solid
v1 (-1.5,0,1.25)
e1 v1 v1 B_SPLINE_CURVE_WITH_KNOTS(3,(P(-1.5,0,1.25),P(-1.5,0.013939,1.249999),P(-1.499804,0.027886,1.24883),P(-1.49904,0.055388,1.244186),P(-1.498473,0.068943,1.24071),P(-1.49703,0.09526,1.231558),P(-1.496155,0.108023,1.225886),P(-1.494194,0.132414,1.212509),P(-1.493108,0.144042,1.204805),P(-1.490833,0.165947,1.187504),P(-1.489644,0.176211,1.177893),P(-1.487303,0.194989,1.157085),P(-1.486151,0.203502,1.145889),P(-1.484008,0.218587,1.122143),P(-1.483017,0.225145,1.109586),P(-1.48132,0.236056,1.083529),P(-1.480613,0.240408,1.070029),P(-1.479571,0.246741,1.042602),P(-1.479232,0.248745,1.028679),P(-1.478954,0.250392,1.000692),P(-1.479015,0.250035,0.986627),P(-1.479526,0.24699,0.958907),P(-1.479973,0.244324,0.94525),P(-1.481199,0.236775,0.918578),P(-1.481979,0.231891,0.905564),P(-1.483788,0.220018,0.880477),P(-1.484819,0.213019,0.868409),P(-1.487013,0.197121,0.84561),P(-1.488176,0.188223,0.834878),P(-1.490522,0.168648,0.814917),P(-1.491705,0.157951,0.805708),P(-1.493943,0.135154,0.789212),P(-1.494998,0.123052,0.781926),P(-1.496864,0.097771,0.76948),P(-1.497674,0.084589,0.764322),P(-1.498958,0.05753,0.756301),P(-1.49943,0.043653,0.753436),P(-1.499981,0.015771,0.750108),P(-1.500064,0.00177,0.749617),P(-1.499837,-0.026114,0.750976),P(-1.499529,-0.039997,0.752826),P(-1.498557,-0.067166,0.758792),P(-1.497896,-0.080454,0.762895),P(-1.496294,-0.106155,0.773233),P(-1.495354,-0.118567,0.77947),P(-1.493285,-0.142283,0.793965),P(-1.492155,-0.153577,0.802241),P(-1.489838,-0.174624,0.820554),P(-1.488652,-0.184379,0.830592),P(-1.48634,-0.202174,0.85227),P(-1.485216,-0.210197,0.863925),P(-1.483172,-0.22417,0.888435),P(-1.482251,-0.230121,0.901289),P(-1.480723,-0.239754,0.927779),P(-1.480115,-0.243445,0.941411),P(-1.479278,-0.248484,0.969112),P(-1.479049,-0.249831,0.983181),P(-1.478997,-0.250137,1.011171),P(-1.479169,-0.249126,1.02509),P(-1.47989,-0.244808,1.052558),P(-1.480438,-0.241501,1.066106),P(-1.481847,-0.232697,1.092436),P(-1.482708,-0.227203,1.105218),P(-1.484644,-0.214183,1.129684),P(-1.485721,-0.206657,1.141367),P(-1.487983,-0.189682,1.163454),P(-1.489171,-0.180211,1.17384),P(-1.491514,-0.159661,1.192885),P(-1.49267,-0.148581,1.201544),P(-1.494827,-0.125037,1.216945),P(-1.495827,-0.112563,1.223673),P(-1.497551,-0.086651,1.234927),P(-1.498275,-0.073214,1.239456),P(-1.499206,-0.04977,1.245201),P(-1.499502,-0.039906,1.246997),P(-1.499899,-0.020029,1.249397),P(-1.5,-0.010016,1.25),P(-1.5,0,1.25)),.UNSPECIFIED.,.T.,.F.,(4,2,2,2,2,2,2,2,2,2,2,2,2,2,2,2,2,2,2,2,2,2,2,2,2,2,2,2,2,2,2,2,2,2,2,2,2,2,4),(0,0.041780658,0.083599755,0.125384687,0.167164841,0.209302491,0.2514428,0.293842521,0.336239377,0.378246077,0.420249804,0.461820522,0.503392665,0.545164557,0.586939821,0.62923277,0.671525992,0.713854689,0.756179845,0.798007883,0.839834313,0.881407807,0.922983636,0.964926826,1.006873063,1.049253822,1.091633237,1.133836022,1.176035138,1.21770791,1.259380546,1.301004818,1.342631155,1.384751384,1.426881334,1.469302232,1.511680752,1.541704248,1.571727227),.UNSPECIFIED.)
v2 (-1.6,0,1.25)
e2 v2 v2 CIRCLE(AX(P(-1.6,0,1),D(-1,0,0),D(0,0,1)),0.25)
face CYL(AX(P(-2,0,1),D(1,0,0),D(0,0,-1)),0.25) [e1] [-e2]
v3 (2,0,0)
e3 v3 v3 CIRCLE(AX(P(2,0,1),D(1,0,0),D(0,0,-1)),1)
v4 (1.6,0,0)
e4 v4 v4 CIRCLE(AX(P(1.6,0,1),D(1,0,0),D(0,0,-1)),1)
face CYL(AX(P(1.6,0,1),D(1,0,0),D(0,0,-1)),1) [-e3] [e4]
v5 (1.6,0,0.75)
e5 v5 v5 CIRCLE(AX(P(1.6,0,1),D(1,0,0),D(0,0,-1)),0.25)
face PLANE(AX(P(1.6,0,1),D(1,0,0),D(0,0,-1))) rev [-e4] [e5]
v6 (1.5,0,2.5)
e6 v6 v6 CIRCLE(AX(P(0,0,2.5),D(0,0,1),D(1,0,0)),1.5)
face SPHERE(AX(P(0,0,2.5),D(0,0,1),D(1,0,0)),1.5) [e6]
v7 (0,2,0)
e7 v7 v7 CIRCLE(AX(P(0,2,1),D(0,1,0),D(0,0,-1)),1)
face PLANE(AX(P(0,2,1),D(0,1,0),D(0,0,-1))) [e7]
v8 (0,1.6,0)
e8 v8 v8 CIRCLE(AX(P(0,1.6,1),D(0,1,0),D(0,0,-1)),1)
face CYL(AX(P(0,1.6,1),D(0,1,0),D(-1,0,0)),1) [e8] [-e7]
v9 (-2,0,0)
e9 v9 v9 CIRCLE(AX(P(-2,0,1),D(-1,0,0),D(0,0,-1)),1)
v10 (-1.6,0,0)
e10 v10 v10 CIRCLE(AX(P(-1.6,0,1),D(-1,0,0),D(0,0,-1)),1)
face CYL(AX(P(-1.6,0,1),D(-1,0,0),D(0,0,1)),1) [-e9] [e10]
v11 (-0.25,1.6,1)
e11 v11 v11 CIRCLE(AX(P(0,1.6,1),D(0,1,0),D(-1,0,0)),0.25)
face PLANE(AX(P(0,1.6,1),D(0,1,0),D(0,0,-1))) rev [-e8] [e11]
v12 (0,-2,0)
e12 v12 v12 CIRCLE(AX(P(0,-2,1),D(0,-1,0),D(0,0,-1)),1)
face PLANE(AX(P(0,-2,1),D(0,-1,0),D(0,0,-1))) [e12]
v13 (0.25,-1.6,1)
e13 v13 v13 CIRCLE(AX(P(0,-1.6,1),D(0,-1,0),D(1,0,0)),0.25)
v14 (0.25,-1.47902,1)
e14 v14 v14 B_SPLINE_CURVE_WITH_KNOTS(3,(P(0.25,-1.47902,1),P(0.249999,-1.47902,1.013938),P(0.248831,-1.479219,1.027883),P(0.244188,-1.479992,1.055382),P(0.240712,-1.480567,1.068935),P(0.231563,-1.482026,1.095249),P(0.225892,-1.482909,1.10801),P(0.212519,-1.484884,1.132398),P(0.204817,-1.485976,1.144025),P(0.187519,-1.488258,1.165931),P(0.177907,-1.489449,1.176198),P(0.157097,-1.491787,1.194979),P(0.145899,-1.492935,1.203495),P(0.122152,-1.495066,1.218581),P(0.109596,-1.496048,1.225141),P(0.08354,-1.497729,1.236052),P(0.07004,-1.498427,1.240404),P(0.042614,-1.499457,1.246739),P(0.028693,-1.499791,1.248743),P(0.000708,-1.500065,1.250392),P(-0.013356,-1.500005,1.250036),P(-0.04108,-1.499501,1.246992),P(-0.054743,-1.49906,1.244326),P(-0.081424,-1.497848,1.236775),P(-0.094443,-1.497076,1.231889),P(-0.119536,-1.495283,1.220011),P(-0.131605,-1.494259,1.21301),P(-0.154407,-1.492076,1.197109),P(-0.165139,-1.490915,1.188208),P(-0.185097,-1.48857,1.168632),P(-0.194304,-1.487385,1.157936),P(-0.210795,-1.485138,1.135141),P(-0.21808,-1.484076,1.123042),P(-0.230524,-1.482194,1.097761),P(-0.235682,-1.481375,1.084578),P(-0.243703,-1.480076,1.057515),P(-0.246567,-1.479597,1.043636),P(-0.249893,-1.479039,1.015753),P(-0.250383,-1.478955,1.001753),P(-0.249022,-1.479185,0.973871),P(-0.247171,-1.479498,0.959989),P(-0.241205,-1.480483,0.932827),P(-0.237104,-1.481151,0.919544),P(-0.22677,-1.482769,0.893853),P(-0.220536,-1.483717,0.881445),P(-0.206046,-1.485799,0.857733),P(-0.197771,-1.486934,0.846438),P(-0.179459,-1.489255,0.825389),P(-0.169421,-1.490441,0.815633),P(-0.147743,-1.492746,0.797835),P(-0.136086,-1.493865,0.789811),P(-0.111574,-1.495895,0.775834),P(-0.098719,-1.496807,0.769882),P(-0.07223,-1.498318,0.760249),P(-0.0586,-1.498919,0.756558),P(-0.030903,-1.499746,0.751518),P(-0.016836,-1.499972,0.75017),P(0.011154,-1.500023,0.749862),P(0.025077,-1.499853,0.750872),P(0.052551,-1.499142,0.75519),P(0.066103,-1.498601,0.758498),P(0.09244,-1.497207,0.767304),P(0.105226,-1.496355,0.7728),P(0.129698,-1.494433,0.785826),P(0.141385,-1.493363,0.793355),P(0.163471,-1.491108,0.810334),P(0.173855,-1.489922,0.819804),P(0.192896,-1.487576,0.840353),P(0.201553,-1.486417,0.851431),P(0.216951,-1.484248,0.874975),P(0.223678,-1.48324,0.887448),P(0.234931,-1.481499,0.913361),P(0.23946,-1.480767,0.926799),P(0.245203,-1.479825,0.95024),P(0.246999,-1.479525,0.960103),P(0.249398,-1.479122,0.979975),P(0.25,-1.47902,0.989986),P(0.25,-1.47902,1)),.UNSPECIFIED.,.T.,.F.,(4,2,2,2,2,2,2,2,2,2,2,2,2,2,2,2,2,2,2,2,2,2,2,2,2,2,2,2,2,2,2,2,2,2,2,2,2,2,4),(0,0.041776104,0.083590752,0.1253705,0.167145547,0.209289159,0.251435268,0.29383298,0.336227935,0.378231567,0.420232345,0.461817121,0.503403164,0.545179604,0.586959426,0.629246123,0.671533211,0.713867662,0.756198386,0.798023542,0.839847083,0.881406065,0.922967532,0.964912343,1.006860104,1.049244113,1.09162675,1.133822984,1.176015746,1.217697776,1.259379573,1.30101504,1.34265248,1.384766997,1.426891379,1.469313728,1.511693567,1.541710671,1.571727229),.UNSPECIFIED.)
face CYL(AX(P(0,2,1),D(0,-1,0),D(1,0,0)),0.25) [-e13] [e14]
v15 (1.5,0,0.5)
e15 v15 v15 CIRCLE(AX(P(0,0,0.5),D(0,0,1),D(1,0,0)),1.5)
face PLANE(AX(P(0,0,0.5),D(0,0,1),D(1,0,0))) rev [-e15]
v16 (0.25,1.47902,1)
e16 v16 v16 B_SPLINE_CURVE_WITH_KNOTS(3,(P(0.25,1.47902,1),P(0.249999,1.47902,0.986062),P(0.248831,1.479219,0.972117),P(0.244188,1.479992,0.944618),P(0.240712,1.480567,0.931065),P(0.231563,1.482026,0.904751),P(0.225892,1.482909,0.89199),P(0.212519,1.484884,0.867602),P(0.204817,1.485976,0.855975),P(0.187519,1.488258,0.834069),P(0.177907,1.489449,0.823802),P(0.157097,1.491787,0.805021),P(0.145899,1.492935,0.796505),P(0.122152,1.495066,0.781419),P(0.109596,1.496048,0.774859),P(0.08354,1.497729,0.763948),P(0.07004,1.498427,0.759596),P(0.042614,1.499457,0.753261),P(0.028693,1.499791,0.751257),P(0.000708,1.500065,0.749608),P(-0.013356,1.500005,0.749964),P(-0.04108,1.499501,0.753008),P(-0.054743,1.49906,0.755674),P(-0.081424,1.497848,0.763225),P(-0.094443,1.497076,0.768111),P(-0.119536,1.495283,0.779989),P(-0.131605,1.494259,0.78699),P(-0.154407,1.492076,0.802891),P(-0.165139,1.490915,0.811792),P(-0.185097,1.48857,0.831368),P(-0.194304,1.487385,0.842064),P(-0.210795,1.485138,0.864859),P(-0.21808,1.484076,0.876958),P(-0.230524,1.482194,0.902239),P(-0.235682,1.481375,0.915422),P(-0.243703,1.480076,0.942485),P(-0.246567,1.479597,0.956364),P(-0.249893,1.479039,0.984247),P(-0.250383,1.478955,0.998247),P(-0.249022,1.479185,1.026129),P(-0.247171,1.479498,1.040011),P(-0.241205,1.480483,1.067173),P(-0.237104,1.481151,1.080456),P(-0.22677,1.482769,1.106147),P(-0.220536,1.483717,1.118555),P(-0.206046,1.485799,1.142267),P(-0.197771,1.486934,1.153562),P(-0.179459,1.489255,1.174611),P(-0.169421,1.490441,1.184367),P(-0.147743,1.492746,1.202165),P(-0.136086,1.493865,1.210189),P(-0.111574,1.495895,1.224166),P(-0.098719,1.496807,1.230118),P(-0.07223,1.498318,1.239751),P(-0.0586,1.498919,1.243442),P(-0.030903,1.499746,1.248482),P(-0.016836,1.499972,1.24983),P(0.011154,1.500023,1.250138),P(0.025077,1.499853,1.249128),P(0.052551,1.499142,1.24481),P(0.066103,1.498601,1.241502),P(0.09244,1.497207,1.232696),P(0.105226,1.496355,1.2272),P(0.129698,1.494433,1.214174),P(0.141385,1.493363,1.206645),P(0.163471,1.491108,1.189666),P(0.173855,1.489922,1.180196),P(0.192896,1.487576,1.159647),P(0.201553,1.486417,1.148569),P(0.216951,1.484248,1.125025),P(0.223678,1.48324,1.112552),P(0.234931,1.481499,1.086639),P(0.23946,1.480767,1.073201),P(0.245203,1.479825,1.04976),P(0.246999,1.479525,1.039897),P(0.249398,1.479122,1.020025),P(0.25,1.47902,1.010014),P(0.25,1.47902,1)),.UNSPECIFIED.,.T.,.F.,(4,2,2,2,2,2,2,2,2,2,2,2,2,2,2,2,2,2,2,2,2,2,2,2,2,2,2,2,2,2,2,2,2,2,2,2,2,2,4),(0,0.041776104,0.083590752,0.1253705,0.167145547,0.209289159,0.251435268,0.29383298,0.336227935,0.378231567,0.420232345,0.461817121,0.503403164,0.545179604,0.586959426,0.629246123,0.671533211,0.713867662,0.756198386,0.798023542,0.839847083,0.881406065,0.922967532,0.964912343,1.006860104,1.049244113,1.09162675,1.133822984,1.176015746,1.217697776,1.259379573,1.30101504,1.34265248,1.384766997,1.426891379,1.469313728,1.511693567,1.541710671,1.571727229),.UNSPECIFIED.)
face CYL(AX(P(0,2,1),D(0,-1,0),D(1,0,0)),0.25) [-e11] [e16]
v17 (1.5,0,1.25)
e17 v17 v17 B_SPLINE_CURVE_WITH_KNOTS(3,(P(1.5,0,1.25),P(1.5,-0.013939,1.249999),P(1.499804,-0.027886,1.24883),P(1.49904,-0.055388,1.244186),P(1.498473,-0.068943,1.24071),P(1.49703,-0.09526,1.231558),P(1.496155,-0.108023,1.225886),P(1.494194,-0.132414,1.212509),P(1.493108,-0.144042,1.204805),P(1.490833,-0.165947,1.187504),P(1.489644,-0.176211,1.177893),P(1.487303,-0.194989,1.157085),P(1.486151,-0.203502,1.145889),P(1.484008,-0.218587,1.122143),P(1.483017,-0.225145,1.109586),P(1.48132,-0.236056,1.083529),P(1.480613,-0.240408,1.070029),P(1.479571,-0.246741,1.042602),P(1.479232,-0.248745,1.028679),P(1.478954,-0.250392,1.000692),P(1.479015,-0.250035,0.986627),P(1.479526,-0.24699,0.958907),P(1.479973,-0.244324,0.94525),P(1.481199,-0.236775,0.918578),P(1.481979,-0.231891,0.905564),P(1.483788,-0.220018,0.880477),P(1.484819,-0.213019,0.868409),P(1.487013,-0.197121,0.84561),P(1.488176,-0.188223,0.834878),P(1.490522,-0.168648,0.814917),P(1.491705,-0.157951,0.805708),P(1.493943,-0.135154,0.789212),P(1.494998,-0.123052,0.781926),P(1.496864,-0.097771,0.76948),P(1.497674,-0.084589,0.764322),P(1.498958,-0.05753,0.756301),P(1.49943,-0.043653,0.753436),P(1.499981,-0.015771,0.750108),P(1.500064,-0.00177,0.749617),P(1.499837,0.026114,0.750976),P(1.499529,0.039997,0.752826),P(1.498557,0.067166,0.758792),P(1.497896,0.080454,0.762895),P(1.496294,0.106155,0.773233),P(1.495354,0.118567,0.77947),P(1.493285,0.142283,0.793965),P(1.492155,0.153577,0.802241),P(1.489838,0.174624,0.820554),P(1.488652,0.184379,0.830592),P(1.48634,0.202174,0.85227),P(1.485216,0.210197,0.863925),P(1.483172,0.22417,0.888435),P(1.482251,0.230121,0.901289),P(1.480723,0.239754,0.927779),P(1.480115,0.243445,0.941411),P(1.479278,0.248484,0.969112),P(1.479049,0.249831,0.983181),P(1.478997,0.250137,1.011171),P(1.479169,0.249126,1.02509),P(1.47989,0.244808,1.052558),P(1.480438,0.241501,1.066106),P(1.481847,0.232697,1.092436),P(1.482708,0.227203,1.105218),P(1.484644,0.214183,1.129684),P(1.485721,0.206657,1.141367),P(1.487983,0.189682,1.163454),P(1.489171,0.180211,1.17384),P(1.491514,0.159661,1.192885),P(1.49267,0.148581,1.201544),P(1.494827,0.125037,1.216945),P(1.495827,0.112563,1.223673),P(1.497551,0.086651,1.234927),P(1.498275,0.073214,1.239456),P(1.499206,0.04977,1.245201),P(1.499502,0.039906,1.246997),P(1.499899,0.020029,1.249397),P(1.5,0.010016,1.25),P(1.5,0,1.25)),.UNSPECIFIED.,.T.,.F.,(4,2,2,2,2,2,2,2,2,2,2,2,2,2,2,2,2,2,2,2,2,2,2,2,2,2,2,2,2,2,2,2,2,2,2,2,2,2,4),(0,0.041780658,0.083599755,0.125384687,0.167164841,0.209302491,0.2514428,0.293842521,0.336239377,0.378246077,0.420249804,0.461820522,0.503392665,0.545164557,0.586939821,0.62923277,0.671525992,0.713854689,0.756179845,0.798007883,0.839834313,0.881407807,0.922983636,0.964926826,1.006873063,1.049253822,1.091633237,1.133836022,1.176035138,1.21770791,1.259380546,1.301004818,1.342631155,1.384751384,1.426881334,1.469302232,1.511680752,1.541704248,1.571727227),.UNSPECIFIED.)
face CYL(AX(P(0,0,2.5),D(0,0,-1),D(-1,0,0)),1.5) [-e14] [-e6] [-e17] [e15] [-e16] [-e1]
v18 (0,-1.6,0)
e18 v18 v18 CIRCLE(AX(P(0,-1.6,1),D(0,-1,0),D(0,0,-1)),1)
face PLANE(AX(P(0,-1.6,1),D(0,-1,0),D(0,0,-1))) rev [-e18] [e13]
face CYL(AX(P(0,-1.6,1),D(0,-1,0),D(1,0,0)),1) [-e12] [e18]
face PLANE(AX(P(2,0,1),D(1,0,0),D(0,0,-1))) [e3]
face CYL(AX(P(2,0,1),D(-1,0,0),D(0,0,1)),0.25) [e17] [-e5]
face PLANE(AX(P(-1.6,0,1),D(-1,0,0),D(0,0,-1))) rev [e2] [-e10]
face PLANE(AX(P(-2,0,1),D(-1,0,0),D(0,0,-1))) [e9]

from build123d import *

# Parameters (mm, degrees)
BOSS_EXTRUDE1_START = 0.5
SKETCH1_R           = 1.5
BOSS_EXTRUDE1_DEPTH = 2
REVOLVE1_ANGLE      = 180
SKETCH3_R           = 0.25
BOSS_EXTRUDE2_DEPTH = 2
SKETCH4_R           = 1
BOSS_EXTRUDE3_DEPTH = 0.4
CIRPATTERN2_COUNT   = 4


with BuildPart() as part:
    # Sketch1 → Boss-Extrude1 (new body)
    with BuildSketch(Plane.XY.offset(BOSS_EXTRUDE1_START)):
        Circle(SKETCH1_R)
    extrude(amount=BOSS_EXTRUDE1_DEPTH)

    # Sketch2 → Revolve1 (revolve)
    with BuildSketch(Plane.XY.offset(2.5)):
        with BuildLine():
            Line((1.5, 0), (-1.5, 0))
            ThreePointArc((-1.5, 0), (0, 1.5), (1.5, 0))
        make_face()
    revolve(axis=Axis((1.5, 0, 2.5), (1, 0, 0)), revolution_arc=REVOLVE1_ANGLE)

    # Sketch3 → Boss-Extrude2 (add)
    with BuildSketch(Plane(origin=(0, 0, 0), x_dir=(0, 0, -1), z_dir=(1, 0, 0))):
        with Locations((-1, 0)):
            Circle(SKETCH3_R)
    boss_extrude2 = extrude(amount=BOSS_EXTRUDE2_DEPTH)

    # Sketch4 → Boss-Extrude3 (add)
    with BuildSketch(Plane(origin=(2, 0, 0), x_dir=(0, 0, -1), z_dir=(1, 0, 0))):
        with Locations((-1, 0)):
            Circle(SKETCH4_R)
    boss_extrude3 = extrude(amount=-BOSS_EXTRUDE3_DEPTH)

    # CirPattern2: Boss-Extrude2, Boss-Extrude3 ×4 about axis
    cirpattern2_axis = Axis((0, 0, 0), (0, 0, 1))
    for i in range(1, CIRPATTERN2_COUNT):
        add(boss_extrude2.rotate(cirpattern2_axis, i * 360 / CIRPATTERN2_COUNT))
        add(boss_extrude3.rotate(cirpattern2_axis, i * 360 / CIRPATTERN2_COUNT))


solid = part.part
